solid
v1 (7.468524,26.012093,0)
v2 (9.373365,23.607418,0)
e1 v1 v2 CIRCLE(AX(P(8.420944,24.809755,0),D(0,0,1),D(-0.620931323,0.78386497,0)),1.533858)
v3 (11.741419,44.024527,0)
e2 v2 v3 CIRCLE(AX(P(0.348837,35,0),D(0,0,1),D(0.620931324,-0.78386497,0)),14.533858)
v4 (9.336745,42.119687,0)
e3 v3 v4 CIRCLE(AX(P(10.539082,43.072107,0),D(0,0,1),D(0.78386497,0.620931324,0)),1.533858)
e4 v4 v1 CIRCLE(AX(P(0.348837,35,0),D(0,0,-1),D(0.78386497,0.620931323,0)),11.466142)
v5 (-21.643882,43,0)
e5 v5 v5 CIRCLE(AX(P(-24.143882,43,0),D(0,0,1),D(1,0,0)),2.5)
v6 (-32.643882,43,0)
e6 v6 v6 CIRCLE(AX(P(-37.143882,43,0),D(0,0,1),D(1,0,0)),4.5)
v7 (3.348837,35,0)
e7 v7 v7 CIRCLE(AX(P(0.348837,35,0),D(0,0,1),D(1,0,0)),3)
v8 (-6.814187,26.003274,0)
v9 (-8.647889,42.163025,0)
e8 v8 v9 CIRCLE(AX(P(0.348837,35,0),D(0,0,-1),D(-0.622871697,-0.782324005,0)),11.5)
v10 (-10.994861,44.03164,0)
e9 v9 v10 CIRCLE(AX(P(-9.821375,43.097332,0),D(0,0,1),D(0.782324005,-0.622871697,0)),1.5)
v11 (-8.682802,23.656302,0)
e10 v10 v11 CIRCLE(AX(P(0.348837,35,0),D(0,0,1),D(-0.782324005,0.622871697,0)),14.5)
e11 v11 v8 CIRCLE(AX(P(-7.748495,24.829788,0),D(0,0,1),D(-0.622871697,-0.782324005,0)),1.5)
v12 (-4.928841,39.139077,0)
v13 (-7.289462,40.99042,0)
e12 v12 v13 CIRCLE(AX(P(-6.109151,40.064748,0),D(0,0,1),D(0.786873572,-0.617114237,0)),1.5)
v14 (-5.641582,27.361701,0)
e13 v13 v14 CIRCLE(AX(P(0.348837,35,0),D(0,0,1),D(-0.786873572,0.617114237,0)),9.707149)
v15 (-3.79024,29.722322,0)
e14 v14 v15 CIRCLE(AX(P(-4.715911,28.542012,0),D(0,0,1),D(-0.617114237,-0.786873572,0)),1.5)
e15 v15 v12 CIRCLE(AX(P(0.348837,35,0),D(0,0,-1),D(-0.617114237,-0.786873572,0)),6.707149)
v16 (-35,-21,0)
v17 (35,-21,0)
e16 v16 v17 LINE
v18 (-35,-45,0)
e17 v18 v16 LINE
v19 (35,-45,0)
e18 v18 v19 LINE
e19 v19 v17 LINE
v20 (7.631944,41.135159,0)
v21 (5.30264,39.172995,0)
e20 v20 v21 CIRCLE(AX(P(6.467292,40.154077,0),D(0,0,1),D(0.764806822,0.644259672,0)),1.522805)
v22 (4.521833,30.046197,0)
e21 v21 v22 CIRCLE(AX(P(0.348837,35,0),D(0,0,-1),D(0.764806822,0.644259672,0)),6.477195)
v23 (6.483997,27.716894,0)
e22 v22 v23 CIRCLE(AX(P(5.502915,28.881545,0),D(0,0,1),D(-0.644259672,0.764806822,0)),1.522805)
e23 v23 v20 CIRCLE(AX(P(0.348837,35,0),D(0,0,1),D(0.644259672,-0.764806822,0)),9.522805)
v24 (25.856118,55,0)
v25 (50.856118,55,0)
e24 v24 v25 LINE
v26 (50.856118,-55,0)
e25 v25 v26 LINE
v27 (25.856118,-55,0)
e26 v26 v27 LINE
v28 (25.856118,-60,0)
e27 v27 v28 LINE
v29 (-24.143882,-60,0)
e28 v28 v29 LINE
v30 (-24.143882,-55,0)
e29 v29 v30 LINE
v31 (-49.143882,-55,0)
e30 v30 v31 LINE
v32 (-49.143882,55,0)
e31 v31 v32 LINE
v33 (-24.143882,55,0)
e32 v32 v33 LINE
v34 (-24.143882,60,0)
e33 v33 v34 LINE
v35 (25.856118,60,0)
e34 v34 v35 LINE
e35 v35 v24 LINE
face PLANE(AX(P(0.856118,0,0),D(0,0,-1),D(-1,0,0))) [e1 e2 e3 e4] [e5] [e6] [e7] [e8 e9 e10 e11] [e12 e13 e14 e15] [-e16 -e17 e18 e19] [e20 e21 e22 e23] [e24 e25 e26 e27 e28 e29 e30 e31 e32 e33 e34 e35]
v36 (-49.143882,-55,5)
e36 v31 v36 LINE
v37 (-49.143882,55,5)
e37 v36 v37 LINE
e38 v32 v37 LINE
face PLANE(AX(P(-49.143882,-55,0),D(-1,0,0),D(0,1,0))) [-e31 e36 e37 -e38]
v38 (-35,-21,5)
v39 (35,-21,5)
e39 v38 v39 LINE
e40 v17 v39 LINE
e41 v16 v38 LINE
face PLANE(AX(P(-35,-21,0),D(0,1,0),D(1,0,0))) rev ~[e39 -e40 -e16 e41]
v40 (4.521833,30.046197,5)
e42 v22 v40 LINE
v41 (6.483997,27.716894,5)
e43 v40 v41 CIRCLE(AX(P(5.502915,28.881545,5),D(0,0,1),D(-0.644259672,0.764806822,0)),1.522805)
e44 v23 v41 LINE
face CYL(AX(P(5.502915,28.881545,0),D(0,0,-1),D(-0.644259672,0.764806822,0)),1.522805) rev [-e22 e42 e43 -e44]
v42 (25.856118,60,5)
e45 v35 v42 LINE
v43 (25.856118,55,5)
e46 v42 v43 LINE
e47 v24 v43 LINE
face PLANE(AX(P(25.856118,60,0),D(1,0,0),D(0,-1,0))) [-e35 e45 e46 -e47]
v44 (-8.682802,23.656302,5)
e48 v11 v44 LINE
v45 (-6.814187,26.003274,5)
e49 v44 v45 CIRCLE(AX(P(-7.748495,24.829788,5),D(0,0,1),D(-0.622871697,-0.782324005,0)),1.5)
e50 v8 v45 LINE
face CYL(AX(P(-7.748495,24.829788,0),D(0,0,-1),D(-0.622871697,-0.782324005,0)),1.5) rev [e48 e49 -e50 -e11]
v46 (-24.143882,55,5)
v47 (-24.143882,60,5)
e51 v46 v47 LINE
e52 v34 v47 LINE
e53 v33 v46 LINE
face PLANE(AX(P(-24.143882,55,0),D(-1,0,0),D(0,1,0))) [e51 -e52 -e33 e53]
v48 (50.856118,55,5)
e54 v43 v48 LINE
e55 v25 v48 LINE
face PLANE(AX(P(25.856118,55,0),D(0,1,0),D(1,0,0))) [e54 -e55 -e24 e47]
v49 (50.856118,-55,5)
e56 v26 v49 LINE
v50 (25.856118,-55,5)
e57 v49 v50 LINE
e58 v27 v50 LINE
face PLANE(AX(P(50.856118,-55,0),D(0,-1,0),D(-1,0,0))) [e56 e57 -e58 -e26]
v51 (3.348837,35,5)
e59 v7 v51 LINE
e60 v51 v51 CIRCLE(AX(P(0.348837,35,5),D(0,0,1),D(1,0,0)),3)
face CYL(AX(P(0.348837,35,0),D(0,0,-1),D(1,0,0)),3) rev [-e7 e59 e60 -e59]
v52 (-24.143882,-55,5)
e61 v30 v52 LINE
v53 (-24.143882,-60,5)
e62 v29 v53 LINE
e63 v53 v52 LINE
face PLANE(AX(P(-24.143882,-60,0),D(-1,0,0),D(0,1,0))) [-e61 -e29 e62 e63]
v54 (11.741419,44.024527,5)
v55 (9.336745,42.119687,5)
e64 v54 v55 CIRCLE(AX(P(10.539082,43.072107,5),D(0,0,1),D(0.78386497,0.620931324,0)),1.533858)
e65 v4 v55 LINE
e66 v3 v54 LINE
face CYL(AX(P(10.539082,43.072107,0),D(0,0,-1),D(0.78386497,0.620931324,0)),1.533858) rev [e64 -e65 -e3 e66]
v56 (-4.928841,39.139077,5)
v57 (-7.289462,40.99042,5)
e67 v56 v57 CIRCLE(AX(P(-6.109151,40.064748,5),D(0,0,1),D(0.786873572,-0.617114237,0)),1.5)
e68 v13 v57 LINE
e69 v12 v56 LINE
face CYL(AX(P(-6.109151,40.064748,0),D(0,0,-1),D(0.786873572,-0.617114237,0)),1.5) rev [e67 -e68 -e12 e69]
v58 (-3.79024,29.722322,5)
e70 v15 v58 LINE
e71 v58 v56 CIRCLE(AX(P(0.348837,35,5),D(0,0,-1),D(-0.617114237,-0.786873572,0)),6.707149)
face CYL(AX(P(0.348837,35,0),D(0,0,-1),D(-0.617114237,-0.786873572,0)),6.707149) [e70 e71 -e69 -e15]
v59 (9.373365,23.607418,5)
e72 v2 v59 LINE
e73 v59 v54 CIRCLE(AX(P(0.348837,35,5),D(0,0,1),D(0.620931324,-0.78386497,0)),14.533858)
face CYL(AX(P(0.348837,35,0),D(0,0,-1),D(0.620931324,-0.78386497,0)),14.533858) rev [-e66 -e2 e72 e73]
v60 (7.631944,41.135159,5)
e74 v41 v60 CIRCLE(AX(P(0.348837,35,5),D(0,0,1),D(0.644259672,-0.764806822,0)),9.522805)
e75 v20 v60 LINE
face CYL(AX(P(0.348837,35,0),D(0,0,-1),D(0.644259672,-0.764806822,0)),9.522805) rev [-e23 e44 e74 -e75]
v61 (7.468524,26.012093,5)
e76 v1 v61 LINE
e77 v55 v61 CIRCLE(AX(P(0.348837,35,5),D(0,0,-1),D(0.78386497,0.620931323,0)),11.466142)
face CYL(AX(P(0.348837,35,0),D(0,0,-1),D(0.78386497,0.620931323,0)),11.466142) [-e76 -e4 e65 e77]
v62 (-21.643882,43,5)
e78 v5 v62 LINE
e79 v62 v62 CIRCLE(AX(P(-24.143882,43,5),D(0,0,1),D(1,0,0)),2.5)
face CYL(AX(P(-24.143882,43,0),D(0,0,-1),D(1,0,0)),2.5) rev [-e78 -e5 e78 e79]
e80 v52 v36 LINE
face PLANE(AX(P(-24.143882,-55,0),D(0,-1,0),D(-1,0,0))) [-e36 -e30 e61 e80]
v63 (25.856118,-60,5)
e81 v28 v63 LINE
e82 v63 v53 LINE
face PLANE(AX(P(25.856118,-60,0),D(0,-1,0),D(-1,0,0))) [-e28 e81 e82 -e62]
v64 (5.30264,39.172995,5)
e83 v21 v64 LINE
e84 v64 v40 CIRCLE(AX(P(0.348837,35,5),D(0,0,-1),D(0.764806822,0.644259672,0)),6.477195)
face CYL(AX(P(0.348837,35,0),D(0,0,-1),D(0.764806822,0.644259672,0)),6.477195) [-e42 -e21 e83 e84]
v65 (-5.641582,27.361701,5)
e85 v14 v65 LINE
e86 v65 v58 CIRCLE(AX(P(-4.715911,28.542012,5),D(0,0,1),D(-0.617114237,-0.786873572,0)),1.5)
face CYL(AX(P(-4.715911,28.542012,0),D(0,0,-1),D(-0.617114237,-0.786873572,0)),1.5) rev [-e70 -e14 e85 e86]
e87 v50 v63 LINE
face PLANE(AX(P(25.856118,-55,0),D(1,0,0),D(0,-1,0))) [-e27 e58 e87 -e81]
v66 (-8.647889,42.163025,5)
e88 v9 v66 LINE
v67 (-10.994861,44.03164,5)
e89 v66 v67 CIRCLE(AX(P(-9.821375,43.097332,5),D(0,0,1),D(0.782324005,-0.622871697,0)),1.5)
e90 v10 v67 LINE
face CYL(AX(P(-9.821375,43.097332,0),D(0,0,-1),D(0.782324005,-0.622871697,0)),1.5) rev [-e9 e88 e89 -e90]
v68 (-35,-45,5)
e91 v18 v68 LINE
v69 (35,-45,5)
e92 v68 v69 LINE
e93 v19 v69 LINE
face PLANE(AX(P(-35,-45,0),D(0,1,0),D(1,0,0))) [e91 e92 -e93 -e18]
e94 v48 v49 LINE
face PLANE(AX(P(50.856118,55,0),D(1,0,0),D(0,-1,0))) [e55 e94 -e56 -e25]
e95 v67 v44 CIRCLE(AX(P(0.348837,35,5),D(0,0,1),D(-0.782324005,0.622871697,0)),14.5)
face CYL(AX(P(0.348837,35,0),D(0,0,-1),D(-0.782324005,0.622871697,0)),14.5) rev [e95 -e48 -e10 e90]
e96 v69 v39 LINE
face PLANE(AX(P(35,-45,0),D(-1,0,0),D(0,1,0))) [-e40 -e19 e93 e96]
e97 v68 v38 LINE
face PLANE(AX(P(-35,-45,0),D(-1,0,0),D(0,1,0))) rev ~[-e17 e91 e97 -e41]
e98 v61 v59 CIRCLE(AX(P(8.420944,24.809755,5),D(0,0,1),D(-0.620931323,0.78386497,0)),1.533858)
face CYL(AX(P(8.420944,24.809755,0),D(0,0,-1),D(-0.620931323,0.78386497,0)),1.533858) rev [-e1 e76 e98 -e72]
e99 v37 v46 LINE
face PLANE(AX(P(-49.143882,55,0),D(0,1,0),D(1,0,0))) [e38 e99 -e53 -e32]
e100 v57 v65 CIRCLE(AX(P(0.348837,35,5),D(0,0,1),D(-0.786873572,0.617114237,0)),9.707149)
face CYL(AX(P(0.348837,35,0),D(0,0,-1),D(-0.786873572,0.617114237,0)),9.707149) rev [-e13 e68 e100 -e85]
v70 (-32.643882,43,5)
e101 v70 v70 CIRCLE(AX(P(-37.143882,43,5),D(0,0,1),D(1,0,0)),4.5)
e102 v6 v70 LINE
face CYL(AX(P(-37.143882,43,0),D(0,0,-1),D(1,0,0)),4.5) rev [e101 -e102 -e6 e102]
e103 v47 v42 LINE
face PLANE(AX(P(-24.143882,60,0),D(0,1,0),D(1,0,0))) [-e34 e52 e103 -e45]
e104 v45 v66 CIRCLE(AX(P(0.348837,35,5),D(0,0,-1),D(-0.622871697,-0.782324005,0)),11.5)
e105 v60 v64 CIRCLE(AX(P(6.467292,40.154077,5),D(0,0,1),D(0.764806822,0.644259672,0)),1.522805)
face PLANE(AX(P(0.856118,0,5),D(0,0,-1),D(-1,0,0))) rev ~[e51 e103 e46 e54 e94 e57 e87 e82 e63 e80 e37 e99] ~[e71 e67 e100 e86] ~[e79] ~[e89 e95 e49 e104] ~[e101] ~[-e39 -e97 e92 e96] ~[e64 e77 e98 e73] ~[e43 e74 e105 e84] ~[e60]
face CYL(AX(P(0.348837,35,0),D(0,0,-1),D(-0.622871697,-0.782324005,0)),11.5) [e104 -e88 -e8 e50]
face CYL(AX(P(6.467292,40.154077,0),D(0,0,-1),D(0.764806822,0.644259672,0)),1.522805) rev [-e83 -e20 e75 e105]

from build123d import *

# Parameters (mm, degrees)
SKETCH1_R           = 4.5
SKETCH1_R_2         = 3
SKETCH1_R_3         = 2.5
SKETCH1_W           = 70
SKETCH1_H           = 24
BOSS_EXTRUDE1_DEPTH = 5


with BuildPart() as part:
    # Sketch1 → Boss-Extrude1 (new body)
    with BuildSketch(Plane.XY):
        Polygon((-24.143882276, 60), (25.856117724, 60), (25.856117724, 55), (50.856117724, 55), (50.856117724, -55), (25.856117724, -55), (25.856117724, -60), (-24.143882276, -60), (-24.143882276, -55), (-49.143882276, -55), (-49.143882276, 55), (-24.143882276, 55), align=None)
        with Locations((-37.143882276, 43)):
            Circle(SKETCH1_R, mode=Mode.SUBTRACT)
        with Locations((0.348837209, 35)):
            Circle(SKETCH1_R_2, mode=Mode.SUBTRACT)
        with Locations((-24.143882276, 43)):
            Circle(SKETCH1_R_3, mode=Mode.SUBTRACT)
        with Locations((0, -33)):
            Rectangle(SKETCH1_W, SKETCH1_H, mode=Mode.SUBTRACT)
        with BuildLine():
            ThreePointArc((6.483996619, 27.71689355), (9.83698399, 34.188278863), (7.631943659, 41.13515941))
            ThreePointArc((7.631943659, 41.13515941), (5.486209752, 41.318729247), (5.302639914, 39.17299534))
            ThreePointArc((5.302639914, 39.17299534), (6.802457997, 34.447885818), (4.521832549, 30.046197295))
            ThreePointArc((4.521832549, 30.046197295), (4.338262711, 27.900463388), (6.483996619, 27.71689355))
        make_face(mode=Mode.SUBTRACT)
        with BuildLine():
            ThreePointArc((-7.289461523, 40.990419638), (-9.288121969, 33.834773518), (-5.641582428, 27.361701268))
            ThreePointArc((-5.641582428, 27.361701268), (-3.535600715, 27.61634027), (-3.790239716, 29.722321983))
            ThreePointArc((-3.790239716, 29.722321983), (-6.309814067, 34.194887447), (-4.928840807, 39.139076925))
            ThreePointArc((-4.928840807, 39.139076925), (-5.183479809, 41.245058639), (-7.289461523, 40.990419638))
        make_face(mode=Mode.SUBTRACT)
        with BuildLine():
            ThreePointArc((-10.994860864, 44.031639609), (-14.058702235, 33.365127781), (-8.6828024, 23.656301927))
            ThreePointArc((-8.6828024, 23.656301927), (-6.575008846, 23.895480389), (-6.814187308, 26.003273942))
            ThreePointArc((-6.814187308, 26.003273942), (-11.077832005, 33.703377206), (-8.647888849, 42.163024517))
            ThreePointArc((-8.647888849, 42.163024517), (-8.887067311, 44.270818071), (-10.994860864, 44.031639609))
        make_face(mode=Mode.SUBTRACT)
        with BuildLine():
            ThreePointArc((9.373364684, 23.607418094), (14.785913704, 33.325532654), (11.741419115, 44.024527475))
            ThreePointArc((11.741419115, 44.024527475), (9.586661553, 44.274444498), (9.33674453, 42.119686935))
            ThreePointArc((9.33674453, 42.119686935), (11.738626336, 33.678968697), (7.468524145, 26.01209268))
            ThreePointArc((7.468524145, 26.01209268), (7.218607122, 23.857335117), (9.373364684, 23.607418094))
        make_face(mode=Mode.SUBTRACT)
    extrude(amount=BOSS_EXTRUDE1_DEPTH)


solid = part.part
